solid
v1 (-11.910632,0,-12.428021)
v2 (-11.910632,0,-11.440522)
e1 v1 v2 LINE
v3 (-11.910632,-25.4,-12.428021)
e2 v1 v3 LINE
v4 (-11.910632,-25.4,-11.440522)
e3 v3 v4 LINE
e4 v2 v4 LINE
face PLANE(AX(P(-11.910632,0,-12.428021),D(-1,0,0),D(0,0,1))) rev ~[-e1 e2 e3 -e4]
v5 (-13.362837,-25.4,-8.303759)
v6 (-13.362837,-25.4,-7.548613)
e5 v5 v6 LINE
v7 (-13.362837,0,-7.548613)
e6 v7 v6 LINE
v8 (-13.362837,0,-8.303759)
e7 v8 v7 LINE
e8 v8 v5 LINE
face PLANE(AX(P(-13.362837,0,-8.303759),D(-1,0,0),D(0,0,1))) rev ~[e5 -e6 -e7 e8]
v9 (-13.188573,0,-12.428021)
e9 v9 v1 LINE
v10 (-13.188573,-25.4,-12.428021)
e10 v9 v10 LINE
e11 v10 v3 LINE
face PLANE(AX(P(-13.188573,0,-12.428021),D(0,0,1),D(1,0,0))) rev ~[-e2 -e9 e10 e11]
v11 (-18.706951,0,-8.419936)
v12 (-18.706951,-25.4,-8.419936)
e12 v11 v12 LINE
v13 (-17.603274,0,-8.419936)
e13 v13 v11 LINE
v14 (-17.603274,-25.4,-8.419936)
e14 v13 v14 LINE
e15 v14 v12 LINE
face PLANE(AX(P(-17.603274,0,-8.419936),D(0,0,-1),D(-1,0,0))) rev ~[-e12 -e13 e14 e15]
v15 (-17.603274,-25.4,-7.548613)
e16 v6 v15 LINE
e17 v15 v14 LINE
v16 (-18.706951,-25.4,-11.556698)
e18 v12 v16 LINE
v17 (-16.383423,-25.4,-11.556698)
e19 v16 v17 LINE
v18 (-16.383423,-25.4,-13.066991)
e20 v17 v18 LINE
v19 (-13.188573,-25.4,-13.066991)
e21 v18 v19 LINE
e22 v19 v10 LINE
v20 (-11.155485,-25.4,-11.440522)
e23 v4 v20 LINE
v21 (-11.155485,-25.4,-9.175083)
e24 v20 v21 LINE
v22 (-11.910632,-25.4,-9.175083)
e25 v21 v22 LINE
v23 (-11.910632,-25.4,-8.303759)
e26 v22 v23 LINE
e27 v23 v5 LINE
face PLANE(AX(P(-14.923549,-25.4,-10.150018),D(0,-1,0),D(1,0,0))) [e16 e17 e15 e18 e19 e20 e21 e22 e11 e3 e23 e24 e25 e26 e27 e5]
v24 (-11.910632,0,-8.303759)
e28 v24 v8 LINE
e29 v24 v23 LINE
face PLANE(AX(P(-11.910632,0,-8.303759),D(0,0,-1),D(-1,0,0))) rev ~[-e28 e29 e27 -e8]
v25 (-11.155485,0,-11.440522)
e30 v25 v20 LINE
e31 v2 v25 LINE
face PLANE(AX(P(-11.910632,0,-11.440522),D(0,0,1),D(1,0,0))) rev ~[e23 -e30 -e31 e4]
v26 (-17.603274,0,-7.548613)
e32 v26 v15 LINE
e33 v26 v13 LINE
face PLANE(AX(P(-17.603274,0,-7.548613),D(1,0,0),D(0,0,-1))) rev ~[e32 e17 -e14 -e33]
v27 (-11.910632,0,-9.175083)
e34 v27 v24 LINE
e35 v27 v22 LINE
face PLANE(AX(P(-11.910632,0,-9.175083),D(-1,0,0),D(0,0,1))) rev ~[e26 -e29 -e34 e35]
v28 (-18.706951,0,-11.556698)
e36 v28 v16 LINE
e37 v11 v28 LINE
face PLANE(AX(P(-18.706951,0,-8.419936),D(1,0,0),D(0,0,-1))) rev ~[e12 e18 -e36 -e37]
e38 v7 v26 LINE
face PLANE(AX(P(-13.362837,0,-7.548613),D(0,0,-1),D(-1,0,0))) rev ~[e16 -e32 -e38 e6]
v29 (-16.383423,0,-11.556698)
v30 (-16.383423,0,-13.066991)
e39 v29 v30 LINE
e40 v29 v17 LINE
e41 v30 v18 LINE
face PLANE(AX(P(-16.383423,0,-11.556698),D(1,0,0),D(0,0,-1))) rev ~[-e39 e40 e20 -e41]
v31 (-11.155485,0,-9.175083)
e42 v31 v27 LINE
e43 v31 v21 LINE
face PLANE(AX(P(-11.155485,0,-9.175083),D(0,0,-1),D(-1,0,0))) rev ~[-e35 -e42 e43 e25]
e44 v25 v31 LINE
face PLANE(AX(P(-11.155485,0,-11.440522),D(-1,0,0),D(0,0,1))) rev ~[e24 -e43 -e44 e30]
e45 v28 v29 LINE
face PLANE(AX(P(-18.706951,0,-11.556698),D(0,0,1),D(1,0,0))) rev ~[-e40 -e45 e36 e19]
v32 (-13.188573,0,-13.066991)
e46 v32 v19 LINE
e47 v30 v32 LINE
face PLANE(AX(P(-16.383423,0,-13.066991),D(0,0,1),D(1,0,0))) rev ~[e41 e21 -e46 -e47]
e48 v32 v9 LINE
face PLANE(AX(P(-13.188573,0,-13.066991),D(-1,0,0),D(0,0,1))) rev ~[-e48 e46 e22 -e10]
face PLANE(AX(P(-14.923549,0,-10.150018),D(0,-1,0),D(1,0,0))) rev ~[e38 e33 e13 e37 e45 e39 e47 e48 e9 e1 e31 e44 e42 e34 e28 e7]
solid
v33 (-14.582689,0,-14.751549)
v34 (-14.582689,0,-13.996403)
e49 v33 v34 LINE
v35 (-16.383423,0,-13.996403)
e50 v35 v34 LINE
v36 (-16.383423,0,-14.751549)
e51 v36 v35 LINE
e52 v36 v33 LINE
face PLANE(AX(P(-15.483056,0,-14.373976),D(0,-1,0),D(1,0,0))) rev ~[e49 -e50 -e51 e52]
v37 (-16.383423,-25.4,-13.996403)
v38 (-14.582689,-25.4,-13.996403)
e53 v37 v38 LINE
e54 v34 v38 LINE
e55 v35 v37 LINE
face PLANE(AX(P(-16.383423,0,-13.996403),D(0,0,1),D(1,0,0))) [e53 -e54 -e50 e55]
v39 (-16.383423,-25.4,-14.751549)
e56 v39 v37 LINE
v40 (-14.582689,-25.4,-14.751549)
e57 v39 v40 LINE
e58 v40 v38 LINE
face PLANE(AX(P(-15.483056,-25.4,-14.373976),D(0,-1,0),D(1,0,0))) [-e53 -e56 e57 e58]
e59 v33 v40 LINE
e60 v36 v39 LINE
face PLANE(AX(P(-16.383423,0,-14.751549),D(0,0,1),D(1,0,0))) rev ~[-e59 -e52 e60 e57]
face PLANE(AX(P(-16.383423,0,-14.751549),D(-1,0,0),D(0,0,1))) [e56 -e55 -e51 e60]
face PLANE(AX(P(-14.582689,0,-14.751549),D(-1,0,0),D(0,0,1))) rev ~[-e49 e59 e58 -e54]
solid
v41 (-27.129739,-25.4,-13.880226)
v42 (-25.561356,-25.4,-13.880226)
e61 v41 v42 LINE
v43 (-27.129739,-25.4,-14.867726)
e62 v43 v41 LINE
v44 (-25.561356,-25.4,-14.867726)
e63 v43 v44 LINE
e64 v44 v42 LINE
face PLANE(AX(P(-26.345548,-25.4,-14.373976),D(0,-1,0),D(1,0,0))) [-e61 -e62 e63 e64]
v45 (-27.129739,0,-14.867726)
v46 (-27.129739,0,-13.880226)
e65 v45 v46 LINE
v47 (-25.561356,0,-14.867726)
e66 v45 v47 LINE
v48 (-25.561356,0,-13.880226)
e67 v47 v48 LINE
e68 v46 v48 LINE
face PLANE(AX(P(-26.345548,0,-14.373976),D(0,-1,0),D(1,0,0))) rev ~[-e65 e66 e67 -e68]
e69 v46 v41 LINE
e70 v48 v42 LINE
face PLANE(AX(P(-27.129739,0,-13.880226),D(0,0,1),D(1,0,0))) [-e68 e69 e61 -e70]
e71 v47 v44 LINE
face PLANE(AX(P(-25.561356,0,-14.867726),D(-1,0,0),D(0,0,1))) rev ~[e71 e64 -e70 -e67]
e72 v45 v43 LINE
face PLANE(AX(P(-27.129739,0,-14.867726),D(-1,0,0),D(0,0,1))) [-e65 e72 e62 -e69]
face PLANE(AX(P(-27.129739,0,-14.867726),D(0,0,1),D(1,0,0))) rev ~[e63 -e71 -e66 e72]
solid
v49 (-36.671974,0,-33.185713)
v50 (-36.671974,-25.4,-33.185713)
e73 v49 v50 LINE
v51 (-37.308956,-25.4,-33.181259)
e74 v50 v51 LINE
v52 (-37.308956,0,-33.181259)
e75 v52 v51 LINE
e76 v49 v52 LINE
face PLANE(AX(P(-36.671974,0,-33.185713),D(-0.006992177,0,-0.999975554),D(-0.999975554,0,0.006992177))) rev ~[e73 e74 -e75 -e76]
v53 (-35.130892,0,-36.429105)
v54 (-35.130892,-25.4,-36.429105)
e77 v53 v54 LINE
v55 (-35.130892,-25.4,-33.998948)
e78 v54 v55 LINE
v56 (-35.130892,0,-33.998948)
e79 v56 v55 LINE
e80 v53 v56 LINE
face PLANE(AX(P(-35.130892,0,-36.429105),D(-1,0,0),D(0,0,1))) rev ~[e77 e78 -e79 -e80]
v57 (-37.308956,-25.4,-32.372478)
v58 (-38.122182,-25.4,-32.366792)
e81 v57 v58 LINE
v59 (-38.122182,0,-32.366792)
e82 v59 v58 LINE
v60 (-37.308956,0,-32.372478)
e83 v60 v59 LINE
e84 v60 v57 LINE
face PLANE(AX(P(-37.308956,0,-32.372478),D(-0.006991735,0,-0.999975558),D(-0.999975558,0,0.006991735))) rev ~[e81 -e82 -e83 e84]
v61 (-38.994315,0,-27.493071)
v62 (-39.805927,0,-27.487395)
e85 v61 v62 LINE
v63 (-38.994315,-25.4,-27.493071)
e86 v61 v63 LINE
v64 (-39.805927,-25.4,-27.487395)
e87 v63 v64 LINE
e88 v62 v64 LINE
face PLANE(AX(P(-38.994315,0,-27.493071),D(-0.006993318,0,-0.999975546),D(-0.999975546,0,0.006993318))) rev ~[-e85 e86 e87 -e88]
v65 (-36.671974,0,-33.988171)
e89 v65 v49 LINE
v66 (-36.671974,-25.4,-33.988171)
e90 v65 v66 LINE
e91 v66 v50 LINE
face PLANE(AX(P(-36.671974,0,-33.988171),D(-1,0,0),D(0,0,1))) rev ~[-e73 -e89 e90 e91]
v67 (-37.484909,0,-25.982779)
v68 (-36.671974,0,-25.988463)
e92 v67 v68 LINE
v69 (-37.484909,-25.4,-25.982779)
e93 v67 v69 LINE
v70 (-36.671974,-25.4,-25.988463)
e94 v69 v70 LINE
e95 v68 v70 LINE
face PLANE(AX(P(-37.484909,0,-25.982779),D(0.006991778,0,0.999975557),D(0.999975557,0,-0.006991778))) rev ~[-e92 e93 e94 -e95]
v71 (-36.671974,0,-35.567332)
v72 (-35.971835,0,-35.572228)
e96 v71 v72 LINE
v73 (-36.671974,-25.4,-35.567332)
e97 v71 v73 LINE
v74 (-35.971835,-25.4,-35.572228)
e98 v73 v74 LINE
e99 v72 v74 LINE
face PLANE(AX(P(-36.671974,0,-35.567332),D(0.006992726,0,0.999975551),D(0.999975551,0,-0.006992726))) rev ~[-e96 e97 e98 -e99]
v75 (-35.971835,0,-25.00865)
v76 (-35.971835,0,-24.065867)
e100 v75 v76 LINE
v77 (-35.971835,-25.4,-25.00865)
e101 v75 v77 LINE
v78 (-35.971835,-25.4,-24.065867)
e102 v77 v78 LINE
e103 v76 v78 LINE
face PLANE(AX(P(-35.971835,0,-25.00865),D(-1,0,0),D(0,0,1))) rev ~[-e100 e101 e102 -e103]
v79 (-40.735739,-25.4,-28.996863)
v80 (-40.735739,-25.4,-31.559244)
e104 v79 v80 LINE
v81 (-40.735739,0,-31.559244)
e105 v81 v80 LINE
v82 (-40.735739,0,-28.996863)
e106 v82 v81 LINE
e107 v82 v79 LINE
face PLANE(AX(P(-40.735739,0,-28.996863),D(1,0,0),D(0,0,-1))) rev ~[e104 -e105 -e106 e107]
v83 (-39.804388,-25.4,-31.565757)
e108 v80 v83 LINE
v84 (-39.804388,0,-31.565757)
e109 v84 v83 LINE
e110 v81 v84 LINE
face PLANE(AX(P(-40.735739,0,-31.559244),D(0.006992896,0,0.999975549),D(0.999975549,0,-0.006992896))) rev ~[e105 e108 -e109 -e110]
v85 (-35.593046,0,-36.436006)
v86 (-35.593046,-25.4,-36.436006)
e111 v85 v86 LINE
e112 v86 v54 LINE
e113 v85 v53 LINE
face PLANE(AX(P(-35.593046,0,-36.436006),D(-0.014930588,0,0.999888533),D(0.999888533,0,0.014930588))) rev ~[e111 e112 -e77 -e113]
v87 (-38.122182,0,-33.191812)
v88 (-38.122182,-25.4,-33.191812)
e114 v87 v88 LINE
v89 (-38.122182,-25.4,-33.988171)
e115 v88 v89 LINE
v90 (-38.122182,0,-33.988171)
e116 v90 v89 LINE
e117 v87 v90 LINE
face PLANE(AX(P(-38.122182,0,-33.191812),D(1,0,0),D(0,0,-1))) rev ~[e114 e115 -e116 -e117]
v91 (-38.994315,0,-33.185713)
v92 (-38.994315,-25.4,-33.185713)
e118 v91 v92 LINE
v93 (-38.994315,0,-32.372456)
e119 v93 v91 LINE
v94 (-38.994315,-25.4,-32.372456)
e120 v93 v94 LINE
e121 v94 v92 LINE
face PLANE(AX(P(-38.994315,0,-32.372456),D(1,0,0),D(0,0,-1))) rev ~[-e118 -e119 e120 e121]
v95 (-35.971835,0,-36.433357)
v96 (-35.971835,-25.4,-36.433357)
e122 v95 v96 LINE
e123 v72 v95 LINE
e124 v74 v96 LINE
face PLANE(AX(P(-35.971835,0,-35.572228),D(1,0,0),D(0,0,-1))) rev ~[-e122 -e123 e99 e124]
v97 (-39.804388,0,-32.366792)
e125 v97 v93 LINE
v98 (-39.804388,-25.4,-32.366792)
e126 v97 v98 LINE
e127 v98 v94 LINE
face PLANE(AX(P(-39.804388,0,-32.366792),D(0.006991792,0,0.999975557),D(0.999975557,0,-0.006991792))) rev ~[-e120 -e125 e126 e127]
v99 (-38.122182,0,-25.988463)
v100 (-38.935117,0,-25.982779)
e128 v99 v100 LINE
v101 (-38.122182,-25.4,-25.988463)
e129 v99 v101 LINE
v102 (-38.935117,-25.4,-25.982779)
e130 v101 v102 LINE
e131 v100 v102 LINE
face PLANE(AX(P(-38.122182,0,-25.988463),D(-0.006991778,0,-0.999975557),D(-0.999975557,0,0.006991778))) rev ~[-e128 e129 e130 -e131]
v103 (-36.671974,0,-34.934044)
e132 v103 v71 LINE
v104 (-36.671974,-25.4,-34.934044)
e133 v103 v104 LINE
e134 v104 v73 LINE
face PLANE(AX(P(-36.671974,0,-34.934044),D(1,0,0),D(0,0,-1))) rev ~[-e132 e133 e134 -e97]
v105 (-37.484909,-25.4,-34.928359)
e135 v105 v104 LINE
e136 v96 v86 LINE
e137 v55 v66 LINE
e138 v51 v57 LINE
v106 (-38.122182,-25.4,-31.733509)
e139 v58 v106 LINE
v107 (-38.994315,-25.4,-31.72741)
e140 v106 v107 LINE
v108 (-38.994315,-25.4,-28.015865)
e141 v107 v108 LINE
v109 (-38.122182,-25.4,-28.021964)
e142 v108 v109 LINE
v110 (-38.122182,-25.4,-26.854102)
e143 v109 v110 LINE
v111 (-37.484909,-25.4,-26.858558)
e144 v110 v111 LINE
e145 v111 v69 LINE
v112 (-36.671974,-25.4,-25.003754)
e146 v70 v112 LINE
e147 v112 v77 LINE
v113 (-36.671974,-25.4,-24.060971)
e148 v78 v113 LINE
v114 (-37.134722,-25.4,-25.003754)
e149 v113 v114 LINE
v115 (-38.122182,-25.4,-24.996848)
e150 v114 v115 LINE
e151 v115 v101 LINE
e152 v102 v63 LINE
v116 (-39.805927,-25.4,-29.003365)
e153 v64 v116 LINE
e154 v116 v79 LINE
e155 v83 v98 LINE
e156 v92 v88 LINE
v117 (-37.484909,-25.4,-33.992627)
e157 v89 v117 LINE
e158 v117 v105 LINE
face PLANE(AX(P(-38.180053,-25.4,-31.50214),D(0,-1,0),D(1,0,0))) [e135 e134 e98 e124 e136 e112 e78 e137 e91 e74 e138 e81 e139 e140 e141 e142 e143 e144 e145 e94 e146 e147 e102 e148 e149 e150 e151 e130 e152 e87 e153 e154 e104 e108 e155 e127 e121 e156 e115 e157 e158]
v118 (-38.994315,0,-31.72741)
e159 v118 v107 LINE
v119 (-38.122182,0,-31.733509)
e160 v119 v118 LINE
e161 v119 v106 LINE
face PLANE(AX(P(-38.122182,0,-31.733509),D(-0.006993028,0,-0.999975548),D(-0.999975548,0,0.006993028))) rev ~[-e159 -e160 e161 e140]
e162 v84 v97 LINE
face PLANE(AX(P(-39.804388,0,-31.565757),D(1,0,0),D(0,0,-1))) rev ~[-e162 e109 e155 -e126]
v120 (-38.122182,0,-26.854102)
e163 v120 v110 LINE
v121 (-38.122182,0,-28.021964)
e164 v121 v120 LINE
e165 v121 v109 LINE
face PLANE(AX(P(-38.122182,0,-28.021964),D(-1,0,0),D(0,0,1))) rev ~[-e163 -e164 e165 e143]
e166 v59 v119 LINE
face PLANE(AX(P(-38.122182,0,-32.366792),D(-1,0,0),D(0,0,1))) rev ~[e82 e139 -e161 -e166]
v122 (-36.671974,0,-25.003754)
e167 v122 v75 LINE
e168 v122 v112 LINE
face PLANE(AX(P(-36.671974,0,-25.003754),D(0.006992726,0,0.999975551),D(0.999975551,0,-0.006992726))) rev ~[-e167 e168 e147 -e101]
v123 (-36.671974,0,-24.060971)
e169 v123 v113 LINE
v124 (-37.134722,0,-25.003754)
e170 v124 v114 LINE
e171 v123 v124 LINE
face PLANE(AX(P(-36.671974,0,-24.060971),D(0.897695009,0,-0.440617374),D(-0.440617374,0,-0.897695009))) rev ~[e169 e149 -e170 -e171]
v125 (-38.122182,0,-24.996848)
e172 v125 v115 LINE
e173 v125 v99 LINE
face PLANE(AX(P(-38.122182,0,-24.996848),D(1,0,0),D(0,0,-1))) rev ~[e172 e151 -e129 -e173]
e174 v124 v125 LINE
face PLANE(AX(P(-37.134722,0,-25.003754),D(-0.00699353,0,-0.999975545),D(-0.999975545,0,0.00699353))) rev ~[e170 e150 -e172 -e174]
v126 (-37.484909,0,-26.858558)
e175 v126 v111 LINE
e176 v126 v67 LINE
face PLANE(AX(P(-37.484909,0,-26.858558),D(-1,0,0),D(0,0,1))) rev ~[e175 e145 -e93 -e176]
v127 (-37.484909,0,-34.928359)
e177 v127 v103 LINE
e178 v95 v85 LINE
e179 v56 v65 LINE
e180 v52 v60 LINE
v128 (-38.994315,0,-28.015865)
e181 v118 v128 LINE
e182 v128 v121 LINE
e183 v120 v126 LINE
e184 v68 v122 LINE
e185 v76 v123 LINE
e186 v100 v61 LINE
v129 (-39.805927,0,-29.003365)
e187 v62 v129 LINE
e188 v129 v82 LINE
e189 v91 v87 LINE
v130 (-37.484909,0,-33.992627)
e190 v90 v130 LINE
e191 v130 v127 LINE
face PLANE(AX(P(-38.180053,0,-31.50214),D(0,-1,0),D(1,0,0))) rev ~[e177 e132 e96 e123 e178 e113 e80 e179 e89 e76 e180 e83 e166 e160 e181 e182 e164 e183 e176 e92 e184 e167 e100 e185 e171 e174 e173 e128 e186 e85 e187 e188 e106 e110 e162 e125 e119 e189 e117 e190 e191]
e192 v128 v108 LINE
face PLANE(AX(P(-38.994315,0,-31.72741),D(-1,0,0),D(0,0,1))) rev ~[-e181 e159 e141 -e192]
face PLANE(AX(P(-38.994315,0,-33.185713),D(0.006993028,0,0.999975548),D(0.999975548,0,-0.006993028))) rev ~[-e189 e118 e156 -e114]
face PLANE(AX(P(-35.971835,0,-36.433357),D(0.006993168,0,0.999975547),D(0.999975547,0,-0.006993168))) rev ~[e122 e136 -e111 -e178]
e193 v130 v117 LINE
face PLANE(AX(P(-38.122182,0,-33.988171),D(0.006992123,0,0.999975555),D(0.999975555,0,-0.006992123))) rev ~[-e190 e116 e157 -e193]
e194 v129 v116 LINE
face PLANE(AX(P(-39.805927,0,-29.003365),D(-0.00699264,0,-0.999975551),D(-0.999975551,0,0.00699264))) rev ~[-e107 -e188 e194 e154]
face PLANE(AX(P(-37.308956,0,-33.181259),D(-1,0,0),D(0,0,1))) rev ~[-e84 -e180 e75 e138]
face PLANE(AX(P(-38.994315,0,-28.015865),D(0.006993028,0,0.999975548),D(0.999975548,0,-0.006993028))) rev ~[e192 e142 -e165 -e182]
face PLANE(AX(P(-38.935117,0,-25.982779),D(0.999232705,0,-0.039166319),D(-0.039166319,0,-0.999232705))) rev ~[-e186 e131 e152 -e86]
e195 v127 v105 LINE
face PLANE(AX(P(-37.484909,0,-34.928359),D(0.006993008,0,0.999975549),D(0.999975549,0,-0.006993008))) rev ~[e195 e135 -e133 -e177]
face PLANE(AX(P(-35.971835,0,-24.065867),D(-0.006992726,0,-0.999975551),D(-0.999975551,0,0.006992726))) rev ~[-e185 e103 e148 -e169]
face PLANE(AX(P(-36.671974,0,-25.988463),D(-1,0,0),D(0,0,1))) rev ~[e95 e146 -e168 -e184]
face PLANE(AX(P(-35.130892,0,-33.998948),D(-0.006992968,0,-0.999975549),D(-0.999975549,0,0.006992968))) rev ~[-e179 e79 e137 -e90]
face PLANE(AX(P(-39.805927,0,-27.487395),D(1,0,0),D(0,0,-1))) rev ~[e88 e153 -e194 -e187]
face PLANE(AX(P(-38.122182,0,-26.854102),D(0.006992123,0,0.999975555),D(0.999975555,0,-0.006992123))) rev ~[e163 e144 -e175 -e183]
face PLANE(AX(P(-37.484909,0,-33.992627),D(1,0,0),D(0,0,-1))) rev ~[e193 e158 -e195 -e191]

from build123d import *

# Parameters (mm, degrees)
F0_W     = 1.568383
F0_H     = 0.987499
F0_W_2   = 1.800734
F0_H_2   = 0.755146
F1_DEPTH = 25.4


with BuildPart() as f1:
    # F0 (on Front) → F1 (new body)
    with BuildSketch(Plane.XZ):
        with Locations((-26.345548, -14.373976)):
            Rectangle(F0_W, F0_H)
        Polygon((-13.362837, -8.303759), (-13.362837, -7.548613), (-17.603274, -7.548613), (-17.603274, -8.419936), (-18.706951, -8.419936), (-18.706951, -11.556698), (-17.603274, -11.556698), (-17.603274, -10.627287), (-18.126069, -10.627287), (-18.126069, -10.046406), (-17.196657, -10.046406), (-17.196657, -9.291259), (-16.383423, -9.291259), (-16.383423, -8.303759), (-14.117983, -8.303759), (-14.117983, -9.291259), (-13.188573, -9.291259), (-13.188573, -10.046406), (-12.549602, -10.046406), (-12.549602, -10.743463), (-13.188573, -10.743463), (-13.188573, -11.614786), (-14.059896, -11.614786), (-14.059896, -12.398977), (-16.383423, -12.398977), (-16.383423, -13.066991), (-13.188573, -13.066991), (-13.188573, -12.428021), (-11.910632, -12.428021), (-11.910632, -11.440522), (-11.155485, -11.440522), (-11.155485, -9.697876), (-11.155485, -9.175083), (-11.910632, -9.175083), (-11.910632, -8.303759), align=None)
        with Locations((-15.483056, -14.373976)):
            Rectangle(F0_W_2, F0_H_2)
        Polygon((-17.603274, -10.627287), (-17.603274, -11.556698), (-17.196657, -11.556698), (-16.383423, -11.556698), (-16.383423, -12.398977), (-14.059896, -12.398977), (-14.059896, -11.614786), (-13.188573, -11.614786), (-13.188573, -10.743463), (-12.549602, -10.743463), (-12.549602, -10.046406), (-13.188573, -10.046406), (-13.188573, -9.291259), (-14.117983, -9.291259), (-14.117983, -8.303759), (-16.383423, -8.303759), (-16.383423, -9.291259), (-17.196657, -9.291259), (-17.196657, -10.046406), (-18.126069, -10.046406), (-18.126069, -10.627287), align=None)
        Polygon((-35.593046, -36.436006), (-35.130892, -36.429105), (-35.130892, -33.998948), (-36.671974, -33.988171), (-36.671974, -33.185713), (-37.308956, -33.181259), (-37.308956, -32.372478), (-38.122182, -32.366792), (-38.122182, -31.733509), (-38.994315, -31.72741), (-38.994315, -28.520677), (-38.994315, -28.015865), (-38.122182, -28.021964), (-38.122182, -26.854102), (-38.122182, -25.988463), (-38.935117, -25.982779), (-38.994315, -27.493071), (-39.805927, -27.487395), (-39.805927, -29.003365), (-40.735739, -28.996863), (-40.735739, -31.559244), (-39.804388, -31.565757), (-39.804388, -32.366792), (-38.994315, -32.372456), (-38.994315, -33.185713), (-38.122182, -33.191812), (-38.122182, -33.988171), (-37.484909, -33.992627), (-37.484909, -34.928359), (-36.671974, -34.934044), (-36.671974, -35.567332), (-35.971835, -35.572228), (-35.971835, -36.433357), align=None)
        Polygon((-38.122182, -25.988463), (-38.122182, -26.854102), (-37.484909, -26.858558), (-37.484909, -25.982779), (-36.671974, -25.988463), (-36.671974, -25.003754), (-35.971835, -25.00865), (-35.971835, -24.065867), (-36.671974, -24.060971), (-37.134722, -25.003754), (-38.122182, -24.996848), align=None)
    extrude(amount=F1_DEPTH)


solid = f1.part
